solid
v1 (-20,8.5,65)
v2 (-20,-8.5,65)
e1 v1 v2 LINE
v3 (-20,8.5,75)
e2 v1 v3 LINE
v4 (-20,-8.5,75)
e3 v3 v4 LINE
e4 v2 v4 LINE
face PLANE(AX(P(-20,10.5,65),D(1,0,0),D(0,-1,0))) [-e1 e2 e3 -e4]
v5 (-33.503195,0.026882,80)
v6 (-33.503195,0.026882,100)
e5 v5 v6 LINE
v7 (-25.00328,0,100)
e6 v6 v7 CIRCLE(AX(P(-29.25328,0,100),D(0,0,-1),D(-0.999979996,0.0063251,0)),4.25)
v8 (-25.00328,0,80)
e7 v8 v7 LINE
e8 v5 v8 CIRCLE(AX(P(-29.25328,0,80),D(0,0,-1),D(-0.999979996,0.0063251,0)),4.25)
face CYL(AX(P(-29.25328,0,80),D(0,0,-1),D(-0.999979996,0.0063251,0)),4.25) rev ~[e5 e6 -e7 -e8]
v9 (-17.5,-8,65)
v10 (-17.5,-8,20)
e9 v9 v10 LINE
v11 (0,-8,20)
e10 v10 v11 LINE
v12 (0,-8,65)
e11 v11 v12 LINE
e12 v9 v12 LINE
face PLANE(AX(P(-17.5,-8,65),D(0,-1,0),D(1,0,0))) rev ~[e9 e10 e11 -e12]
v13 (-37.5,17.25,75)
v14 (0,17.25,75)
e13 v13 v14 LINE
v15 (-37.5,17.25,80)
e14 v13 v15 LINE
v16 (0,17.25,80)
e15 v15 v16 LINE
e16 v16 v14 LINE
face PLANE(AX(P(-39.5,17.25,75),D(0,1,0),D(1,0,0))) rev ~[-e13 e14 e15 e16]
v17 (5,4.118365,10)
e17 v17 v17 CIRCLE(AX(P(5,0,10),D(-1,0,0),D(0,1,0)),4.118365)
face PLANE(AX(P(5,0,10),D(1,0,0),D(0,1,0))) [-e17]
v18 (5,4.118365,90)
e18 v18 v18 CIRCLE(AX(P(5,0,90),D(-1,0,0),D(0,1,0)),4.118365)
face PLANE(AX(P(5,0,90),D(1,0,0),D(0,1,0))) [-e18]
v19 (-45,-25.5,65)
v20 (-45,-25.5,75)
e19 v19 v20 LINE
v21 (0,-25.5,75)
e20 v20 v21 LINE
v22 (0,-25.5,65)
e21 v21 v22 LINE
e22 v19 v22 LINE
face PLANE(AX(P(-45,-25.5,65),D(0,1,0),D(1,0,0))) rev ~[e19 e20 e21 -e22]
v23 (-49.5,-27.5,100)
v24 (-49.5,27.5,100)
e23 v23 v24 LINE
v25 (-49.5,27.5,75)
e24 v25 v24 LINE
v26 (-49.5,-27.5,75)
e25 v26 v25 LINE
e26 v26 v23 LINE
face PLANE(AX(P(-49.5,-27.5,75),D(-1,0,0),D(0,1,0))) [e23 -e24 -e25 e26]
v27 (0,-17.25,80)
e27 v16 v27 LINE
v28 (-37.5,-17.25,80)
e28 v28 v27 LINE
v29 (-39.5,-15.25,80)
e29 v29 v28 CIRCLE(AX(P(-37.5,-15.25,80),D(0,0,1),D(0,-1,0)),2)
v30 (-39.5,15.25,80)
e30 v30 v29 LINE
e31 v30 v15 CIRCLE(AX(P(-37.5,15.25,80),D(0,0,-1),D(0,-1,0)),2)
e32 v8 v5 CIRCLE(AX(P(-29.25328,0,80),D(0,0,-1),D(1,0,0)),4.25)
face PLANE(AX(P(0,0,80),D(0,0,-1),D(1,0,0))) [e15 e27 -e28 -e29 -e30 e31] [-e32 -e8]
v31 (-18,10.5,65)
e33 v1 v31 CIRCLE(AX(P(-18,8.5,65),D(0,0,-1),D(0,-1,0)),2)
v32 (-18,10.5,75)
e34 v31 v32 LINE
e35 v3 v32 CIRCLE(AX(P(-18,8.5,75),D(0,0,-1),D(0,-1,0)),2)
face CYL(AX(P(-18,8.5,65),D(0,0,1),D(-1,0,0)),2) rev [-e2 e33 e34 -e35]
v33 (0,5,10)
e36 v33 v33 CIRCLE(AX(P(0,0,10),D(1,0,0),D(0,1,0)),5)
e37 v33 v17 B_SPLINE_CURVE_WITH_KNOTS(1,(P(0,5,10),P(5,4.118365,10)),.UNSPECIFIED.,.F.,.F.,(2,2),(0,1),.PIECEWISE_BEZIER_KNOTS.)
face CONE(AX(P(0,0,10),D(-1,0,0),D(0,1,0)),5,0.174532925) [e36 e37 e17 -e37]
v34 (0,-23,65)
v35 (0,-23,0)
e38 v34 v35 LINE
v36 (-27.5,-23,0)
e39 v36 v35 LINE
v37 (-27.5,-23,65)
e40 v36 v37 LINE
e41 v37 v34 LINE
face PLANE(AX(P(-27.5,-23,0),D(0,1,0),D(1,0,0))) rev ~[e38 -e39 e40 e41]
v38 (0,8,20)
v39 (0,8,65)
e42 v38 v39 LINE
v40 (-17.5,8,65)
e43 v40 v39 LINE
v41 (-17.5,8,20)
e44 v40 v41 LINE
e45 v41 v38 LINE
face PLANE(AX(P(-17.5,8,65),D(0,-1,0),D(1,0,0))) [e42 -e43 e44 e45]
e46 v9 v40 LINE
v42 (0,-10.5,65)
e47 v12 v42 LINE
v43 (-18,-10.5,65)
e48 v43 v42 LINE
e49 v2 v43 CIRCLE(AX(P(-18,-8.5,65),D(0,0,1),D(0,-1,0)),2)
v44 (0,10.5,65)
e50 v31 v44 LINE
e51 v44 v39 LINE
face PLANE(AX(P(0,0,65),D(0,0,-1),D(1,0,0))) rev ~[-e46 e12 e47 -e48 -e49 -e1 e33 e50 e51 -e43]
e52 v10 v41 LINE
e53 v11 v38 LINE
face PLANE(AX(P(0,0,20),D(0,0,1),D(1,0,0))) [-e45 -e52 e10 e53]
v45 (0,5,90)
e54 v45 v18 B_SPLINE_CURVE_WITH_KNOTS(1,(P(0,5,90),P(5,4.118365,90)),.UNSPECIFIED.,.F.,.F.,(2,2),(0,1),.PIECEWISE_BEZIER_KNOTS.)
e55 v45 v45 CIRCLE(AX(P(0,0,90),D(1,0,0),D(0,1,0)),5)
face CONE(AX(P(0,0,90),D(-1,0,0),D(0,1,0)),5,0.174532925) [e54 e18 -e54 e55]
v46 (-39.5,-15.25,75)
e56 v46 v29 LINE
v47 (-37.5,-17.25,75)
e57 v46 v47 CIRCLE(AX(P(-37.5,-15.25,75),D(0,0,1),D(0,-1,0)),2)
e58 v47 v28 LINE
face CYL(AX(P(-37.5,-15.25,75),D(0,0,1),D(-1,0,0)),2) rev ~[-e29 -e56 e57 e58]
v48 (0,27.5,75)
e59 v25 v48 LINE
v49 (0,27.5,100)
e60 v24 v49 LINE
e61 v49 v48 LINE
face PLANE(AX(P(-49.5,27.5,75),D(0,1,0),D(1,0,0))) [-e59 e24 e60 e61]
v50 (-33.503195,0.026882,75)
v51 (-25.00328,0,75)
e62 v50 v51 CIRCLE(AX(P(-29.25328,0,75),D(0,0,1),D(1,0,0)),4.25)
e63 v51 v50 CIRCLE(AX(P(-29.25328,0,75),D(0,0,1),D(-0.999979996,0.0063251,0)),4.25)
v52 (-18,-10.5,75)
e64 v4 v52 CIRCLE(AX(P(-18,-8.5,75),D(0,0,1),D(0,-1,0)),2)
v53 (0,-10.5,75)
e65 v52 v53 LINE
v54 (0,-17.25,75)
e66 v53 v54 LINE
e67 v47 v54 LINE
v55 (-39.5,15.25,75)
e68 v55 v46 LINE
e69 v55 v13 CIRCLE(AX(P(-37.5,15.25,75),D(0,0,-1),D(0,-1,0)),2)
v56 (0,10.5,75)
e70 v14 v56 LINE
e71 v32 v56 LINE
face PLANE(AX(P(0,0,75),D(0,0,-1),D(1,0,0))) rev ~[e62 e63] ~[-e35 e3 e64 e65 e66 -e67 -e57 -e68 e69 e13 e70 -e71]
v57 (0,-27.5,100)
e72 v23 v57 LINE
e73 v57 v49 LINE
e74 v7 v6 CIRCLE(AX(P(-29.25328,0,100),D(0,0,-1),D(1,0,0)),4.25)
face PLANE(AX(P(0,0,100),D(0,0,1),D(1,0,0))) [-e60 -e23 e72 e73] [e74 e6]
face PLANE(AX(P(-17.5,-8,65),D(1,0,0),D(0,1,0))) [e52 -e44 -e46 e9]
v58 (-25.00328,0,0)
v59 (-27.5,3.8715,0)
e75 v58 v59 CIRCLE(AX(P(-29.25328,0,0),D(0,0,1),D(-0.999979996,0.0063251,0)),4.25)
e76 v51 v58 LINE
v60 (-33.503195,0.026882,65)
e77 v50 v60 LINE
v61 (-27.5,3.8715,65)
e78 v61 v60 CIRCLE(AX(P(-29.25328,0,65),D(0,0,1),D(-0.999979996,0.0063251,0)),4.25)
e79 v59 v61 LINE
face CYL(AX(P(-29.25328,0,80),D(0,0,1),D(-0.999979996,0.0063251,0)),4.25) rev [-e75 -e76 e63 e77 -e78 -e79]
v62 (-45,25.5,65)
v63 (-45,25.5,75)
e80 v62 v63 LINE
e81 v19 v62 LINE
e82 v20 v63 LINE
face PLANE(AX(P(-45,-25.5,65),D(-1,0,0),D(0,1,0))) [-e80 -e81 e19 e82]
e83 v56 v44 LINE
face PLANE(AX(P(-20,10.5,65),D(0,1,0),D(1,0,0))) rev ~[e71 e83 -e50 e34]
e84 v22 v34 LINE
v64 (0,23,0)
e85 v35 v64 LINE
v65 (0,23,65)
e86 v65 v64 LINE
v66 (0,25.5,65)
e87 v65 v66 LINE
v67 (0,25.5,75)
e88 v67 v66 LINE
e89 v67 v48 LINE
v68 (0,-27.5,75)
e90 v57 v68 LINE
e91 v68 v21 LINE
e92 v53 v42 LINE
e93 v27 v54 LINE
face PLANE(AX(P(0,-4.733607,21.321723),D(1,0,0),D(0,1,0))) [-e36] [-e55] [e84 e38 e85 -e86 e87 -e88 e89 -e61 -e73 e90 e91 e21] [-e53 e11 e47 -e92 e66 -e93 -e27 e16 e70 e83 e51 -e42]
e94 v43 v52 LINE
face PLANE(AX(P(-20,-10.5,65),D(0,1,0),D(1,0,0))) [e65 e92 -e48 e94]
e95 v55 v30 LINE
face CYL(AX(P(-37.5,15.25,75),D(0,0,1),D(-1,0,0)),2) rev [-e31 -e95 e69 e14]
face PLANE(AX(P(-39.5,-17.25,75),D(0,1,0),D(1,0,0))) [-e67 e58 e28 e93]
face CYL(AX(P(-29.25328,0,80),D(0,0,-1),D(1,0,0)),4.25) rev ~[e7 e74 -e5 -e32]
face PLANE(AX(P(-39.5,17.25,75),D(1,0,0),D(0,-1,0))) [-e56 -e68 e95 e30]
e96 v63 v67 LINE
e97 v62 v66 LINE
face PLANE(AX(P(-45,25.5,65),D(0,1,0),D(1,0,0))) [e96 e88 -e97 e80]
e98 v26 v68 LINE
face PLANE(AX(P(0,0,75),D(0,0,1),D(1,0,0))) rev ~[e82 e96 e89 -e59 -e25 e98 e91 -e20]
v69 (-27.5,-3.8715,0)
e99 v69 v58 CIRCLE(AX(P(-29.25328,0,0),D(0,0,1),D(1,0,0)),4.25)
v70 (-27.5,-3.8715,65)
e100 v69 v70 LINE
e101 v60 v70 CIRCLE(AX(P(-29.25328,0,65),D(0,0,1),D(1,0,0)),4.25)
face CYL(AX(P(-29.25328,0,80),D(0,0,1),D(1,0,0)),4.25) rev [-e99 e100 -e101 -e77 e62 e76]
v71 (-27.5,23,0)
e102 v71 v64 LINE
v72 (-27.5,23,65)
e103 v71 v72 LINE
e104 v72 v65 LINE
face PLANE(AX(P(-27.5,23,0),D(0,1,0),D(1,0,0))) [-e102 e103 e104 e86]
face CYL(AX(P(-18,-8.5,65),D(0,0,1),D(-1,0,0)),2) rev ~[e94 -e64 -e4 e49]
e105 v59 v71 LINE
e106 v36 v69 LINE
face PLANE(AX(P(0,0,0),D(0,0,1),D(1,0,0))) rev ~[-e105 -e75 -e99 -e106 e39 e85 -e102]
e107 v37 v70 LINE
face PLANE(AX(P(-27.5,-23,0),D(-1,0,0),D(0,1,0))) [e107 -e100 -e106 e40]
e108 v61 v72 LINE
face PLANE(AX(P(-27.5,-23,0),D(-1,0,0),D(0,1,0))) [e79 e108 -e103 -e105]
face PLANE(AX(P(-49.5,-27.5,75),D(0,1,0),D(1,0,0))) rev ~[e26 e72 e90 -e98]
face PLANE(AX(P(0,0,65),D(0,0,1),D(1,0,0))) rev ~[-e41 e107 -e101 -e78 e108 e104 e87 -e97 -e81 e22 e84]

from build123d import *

# Parameters (mm, degrees)
F0_W        = 55
F0_H        = 46
F1_DEPTH    = 65
F2_W        = 35
F2_H        = 16
F3_DEPTH    = 45
F4_W        = 90
F4_H        = 51
F5_DEPTH    = 10
F6_W        = 40
F6_H        = 21
F7_DEPTH    = 10
F8_R        = 2
F9_W        = 99
F9_H        = 55
F10_DEPTH   = 25
F11_W       = 79
F11_H       = 34.5
F11_W_2     = 82.297604531
F11_H_2     = 1.4667510986
F12_DEPTH   = 5
F13_R       = 2
F14_R       = 2
F15_R       = 2
F16_R       = 2
F18_DEPTH   = 100
F19_R       = 4.25
F20_DEPTH   = 5
F21_W       = 144.5901691914
F21_H       = 163.5245941579
F10_FACE1_W = 55
F10_FACE1_H = 25
F1_FACE1_W  = 46
F1_FACE1_H  = 65
F22_DEPTH   = 49.501
F23_R       = 5
F24_DEPTH   = 5
F24_TAPER   = 10


with BuildPart() as f1:
    # F0 (on Top) → F1 (new body)
    with BuildSketch(Plane.XY):
        Rectangle(F0_W, F0_H)
    extrude(amount=F1_DEPTH)

    # F2 (on face) → F3 (cut)
    with BuildSketch(Plane.XY.offset(65)):
        Rectangle(F2_W, F2_H)
    extrude(amount=-F3_DEPTH, mode=Mode.SUBTRACT)

    # F4 (on face) → F5 (join)
    with BuildSketch(Plane.XY.offset(65)):
        Rectangle(F4_W, F4_H)
    extrude(amount=F5_DEPTH)

    # F6 (on face) → F7 (cut)
    with BuildSketch(Plane(origin=(0, 0, 65), x_dir=(1, 0, 0), z_dir=(0, 0, -1))):
        Rectangle(F6_W, F6_H)
    extrude(amount=-F7_DEPTH, mode=Mode.SUBTRACT)

    # F8
    f8_edges = [f1.edges().sort_by_distance(p)[0] for p in [
        (-20, -10.5, 70),
        (-20, 10.5, 70),
        (20, 10.5, 70),
        (20, -10.5, 70),
    ]]
    fillet(f8_edges, radius=F8_R)

    # F9 (on face) → F10 (join)
    with BuildSketch(Plane.XY.offset(75)):
        Rectangle(F9_W, F9_H)
    extrude(amount=F10_DEPTH)

    # F11 (on face) → F12 (cut)
    with BuildSketch(Plane(origin=(0, 0, 75), x_dir=(1, 0, 0), z_dir=(0, 0, -1))):
        Rectangle(F11_W, F11_H)
        with Locations((-69.0755546093, -53.2094612718)):
            Rectangle(F11_W_2, F11_H_2)
    extrude(amount=-F12_DEPTH, mode=Mode.SUBTRACT)

    # F13
    f13_edges = [f1.edges().sort_by_distance(p)[0] for p in [
        (-39.5, 17.25, 77.5),
    ]]
    fillet(f13_edges, radius=F13_R)

    # F14
    f14_edges = [f1.edges().sort_by_distance(p)[0] for p in [
        (-39.5, -17.25, 77.5),
    ]]
    fillet(f14_edges, radius=F14_R)

    # F15
    f15_edges = [f1.edges().sort_by_distance(p)[0] for p in [
        (39.5, -17.25, 77.5),
    ]]
    fillet(f15_edges, radius=F15_R)

    # F16
    f16_edges = [f1.edges().sort_by_distance(p)[0] for p in [
        (39.5, 17.25, 77.5),
    ]]
    fillet(f16_edges, radius=F16_R)

    # F17 (on face) → F18 (cut, symmetric)
    with BuildSketch(Plane(origin=(0, 0, 80), x_dir=(1, 0, 0), z_dir=(0, 0, -1))):
        with BuildLine():
            ThreePointArc((-33.5031947748, -0.0268816754), (-29.2398388853, -4.2499787461), (-25.0032797903, 0))
            ThreePointArc((-25.0032797903, 0), (-29.2667206952, 4.2499787461), (-33.5031947748, -0.0268816754))
        make_face()
    extrude(amount=F18_DEPTH, both=True, mode=Mode.SUBTRACT)

    # F19 (on face) → F20 (join)
    with BuildSketch(Plane(origin=(0, 0, 80), x_dir=(1, 0, 0), z_dir=(0, 0, -1))):
        with Locations((29.5, 0)):
            Circle(F19_R)
    extrude(amount=F20_DEPTH)

    # F21 (on Right) + F10_face1 (on face) + F1_face1 (on face) → F22 (cut, through all)
    with BuildSketch(Plane.YZ):
        with Locations((-4.733607173, 21.3217232376)):
            Rectangle(F21_W, F21_H)
    with BuildSketch(Plane(origin=(49.5, 0, 87.5), x_dir=(0, 1, 0), z_dir=(1, 0, 0))):
        Rectangle(F10_FACE1_W, F10_FACE1_H)
    with BuildSketch(Plane(origin=(27.5, 0, 32.5), x_dir=(0, 1, 0), z_dir=(1, 0, 0))):
        Rectangle(F1_FACE1_W, F1_FACE1_H)
    extrude(amount=F22_DEPTH, mode=Mode.SUBTRACT)

    # F23 (on face) → F24 (join)
    with BuildSketch(Plane.YZ):
        with Locations((0, 10)):
            Circle(F23_R)
        with Locations((0, 90)):
            Circle(F23_R)
    extrude(amount=F24_DEPTH, taper=F24_TAPER)


solid = f1.part
